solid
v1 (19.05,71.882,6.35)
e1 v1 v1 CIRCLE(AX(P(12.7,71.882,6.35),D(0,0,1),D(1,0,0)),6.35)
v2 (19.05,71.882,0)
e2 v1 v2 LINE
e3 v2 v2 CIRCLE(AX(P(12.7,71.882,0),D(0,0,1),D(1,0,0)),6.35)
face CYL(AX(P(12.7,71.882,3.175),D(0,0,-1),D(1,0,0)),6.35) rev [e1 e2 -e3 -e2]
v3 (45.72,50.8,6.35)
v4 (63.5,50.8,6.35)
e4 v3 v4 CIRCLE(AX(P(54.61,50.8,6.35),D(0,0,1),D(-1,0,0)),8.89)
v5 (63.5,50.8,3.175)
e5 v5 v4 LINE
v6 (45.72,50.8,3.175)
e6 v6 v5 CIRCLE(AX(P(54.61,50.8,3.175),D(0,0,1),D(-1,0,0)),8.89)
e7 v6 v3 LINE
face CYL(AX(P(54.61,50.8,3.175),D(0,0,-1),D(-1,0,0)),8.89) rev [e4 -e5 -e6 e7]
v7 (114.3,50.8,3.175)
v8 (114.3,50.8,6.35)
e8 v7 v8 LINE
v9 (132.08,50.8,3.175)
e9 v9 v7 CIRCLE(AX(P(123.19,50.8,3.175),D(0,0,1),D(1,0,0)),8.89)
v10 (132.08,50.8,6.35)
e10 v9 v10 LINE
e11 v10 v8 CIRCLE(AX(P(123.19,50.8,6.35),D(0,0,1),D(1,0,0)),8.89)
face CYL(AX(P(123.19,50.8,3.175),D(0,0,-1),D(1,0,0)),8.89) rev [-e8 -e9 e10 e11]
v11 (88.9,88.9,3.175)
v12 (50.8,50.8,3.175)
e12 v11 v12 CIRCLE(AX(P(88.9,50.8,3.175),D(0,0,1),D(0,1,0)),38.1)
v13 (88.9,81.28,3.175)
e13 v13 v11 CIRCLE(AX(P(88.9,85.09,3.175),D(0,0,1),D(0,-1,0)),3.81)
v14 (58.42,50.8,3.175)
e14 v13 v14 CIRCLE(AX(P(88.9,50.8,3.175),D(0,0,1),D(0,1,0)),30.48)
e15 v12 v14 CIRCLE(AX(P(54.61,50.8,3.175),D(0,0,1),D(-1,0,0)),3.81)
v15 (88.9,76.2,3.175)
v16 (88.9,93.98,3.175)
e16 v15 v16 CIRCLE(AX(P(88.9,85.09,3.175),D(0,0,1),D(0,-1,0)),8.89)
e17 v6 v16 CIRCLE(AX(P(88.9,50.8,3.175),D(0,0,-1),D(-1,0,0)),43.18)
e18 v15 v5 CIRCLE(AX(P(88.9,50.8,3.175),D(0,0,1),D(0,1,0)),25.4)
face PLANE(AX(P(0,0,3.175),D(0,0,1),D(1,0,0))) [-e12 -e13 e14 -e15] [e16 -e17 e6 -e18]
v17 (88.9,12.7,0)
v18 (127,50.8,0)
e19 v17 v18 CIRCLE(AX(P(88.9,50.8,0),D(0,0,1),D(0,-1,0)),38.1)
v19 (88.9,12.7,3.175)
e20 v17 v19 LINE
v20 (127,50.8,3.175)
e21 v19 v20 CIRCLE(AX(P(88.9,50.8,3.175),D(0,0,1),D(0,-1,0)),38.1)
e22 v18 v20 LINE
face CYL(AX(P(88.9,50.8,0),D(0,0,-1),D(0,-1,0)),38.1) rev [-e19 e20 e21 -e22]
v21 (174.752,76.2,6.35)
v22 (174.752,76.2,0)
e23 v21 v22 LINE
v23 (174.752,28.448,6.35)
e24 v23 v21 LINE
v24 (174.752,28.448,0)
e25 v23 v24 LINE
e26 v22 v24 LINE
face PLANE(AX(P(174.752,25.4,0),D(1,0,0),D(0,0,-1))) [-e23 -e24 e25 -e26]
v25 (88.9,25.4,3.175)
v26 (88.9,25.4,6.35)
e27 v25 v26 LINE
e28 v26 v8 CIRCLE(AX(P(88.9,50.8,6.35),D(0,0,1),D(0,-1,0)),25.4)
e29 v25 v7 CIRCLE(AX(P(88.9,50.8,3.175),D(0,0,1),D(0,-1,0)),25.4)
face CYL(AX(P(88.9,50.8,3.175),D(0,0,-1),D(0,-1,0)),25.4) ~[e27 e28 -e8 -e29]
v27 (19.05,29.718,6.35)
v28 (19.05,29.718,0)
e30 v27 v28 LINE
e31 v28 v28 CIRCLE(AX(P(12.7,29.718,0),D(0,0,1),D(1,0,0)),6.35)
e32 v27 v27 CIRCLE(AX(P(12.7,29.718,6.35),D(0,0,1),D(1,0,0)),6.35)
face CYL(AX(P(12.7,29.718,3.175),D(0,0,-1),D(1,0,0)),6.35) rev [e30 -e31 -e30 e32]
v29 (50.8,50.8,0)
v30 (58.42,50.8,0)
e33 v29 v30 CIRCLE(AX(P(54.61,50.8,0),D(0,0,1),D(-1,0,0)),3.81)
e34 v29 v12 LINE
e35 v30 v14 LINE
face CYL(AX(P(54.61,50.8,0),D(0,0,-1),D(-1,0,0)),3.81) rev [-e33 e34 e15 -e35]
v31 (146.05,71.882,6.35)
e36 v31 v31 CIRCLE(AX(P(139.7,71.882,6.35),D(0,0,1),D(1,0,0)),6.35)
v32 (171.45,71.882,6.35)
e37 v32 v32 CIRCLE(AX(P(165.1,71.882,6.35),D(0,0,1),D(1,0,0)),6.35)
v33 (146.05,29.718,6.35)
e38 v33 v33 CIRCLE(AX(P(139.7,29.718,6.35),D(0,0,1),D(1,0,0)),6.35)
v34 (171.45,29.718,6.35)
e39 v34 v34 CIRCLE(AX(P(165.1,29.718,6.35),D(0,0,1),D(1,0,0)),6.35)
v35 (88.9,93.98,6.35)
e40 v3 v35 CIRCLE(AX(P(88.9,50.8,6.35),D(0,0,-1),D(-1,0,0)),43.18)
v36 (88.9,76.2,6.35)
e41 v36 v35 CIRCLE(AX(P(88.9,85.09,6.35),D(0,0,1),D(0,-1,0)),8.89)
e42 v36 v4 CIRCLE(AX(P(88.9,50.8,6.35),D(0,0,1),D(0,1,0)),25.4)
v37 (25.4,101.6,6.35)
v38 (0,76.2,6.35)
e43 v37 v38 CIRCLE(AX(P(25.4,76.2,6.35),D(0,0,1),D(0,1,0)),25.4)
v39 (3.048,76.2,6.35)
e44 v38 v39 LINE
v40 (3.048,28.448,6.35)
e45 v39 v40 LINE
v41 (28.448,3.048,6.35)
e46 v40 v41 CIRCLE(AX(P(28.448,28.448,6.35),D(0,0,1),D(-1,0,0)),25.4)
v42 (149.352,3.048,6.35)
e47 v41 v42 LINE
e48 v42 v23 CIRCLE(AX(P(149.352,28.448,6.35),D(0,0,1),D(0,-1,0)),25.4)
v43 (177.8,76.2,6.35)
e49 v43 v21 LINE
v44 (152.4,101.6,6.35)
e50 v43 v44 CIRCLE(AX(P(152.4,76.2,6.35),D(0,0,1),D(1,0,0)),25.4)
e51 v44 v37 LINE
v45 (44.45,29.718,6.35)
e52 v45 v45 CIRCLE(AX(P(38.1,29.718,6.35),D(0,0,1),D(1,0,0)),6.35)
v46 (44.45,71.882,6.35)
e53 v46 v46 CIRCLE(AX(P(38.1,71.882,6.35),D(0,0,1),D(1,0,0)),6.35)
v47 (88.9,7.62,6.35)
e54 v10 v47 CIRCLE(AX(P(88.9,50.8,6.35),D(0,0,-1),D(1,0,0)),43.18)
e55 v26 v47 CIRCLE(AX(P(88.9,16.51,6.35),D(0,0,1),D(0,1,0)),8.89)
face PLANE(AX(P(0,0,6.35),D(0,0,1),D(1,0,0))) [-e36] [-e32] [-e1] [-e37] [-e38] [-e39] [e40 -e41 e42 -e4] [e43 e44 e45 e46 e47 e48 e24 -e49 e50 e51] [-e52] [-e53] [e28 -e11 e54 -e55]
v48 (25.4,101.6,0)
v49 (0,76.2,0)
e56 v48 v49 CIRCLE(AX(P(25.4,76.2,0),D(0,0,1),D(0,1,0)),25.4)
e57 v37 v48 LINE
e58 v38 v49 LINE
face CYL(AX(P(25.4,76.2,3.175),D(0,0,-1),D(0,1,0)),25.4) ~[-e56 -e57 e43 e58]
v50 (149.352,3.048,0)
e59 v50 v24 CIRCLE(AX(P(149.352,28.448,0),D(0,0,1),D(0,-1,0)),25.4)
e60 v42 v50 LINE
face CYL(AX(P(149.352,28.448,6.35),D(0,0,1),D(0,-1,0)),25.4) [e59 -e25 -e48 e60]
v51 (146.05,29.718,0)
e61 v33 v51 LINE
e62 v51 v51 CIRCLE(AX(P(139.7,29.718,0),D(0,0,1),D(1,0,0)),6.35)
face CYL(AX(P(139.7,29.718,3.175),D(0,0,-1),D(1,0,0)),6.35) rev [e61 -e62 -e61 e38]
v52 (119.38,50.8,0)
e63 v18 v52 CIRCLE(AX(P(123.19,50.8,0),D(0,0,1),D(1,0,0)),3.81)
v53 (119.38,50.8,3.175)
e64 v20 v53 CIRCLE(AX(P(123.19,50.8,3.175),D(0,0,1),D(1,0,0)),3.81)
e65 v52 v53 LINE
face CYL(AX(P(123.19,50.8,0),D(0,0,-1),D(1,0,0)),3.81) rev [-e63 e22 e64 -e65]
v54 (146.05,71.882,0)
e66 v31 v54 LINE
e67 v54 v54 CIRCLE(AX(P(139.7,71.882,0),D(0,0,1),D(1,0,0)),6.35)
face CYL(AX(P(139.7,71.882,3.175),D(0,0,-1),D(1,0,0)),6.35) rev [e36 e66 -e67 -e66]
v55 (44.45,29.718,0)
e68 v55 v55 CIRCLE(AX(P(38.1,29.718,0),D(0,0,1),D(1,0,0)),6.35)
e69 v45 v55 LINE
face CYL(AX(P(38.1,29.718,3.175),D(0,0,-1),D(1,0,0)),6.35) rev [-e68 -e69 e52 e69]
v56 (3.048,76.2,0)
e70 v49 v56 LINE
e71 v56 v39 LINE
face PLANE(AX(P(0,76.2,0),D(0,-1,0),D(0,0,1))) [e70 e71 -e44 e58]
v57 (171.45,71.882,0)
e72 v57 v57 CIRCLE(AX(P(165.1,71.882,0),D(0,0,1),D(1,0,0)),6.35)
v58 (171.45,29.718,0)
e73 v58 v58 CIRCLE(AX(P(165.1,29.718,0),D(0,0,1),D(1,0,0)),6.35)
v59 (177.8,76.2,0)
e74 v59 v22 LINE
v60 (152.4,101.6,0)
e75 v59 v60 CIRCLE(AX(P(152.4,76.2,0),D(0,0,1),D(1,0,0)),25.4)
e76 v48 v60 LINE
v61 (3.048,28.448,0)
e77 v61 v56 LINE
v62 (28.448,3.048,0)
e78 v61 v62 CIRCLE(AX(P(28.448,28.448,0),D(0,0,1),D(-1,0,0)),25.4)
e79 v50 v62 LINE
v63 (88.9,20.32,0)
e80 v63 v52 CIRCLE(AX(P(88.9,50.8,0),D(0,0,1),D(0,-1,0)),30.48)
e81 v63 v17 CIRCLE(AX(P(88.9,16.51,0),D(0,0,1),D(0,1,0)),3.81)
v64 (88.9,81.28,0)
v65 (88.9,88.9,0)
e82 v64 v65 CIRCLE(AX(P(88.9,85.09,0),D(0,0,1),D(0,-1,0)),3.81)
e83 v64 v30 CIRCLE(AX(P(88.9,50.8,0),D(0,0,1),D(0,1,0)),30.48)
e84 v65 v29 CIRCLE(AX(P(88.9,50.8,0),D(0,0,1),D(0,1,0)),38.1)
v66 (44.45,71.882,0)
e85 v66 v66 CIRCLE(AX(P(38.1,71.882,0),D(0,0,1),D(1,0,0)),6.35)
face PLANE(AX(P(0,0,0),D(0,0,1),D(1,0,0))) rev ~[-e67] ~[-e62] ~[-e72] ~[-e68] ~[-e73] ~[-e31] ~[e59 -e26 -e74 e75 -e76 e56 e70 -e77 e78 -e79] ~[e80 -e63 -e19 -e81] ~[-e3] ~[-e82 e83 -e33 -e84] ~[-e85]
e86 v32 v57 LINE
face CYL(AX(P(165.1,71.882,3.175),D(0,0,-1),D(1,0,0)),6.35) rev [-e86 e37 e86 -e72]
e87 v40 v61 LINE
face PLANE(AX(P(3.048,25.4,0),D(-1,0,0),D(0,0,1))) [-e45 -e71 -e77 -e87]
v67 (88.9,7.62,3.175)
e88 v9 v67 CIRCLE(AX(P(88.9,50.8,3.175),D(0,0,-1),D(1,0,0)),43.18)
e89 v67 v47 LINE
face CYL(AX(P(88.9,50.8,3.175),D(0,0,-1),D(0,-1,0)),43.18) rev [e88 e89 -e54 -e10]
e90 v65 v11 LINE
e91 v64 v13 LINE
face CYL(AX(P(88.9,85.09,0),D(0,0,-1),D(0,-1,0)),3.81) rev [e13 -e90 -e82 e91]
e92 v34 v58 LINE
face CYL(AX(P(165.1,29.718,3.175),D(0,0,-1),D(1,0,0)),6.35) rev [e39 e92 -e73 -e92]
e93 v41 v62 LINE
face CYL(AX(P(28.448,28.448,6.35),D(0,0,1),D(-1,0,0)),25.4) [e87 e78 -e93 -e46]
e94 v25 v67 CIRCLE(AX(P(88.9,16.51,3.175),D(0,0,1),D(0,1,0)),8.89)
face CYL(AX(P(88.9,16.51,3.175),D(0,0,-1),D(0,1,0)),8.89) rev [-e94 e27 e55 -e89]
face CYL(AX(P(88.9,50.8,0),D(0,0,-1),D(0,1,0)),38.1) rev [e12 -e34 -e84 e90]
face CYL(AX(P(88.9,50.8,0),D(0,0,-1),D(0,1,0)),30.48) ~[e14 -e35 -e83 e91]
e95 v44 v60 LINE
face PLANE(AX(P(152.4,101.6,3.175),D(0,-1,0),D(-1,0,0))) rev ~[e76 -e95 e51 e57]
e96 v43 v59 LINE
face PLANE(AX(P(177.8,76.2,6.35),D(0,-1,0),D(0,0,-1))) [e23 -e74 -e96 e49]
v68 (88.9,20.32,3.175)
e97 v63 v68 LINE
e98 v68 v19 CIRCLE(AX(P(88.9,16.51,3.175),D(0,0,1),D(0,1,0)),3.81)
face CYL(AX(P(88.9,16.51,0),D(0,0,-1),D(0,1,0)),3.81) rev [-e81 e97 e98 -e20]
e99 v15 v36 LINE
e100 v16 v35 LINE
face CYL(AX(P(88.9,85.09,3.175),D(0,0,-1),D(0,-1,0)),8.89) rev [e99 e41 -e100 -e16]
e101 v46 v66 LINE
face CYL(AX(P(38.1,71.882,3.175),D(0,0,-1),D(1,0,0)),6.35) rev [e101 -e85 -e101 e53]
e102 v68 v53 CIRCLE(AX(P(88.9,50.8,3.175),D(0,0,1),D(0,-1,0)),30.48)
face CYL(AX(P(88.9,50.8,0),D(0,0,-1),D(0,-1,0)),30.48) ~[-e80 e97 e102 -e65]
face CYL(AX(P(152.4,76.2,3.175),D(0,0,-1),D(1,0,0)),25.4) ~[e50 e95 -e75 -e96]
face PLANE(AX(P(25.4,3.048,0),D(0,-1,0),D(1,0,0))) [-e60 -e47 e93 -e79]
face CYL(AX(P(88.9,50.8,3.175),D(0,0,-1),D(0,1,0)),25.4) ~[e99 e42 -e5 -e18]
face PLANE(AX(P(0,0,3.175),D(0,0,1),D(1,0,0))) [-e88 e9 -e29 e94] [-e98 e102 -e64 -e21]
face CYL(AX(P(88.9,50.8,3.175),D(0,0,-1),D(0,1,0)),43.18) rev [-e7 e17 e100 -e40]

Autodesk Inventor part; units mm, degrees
ref_plane "YZ Plane" through (0, 0, 0) normal (1, 0, 0) x (0, 1, 0)
ref_plane "XZ Plane" through (0, 0, 0) normal (0, 1, 0) x (-1, 0, 0)
ref_plane "XY Plane" through (0, 0, 0) normal (0, 0, 1) x (1, 0, 0)
sketch "Sketch1" plane through (0, 0, 0) normal (0, 0, 1) x (1, 0, 0)
  line L0 (0, 0) -> (177.8, 0)
  line L1 (177.8, 0) -> (177.8, 101.6)
  line L2 (177.8, 101.6) -> (0, 101.6)
  line L3 (0, 101.6) -> (0, 0)
  arc A0 (25.4, 101.6) -> (0, 76.2) centre (25.4, 76.2) ccw
  arc A1 (177.8, 76.2) -> (152.4, 101.6) centre (152.4, 76.2) ccw
  arc A2 (152.4, 0) -> (177.8, 25.4) centre (152.4, 25.4) ccw
  arc A3 (0, 25.4) -> (25.4, 0) centre (25.4, 25.4) ccw
  arc A4 (88.9, 85.09) -> (54.61, 50.8) centre (88.9, 50.8) ccw construction
  arc A5 (88.9, 88.9) -> (50.8, 50.8) centre (88.9, 50.8) ccw
  arc A6 (88.9, 81.28) -> (58.42, 50.8) centre (88.9, 50.8) ccw
  arc A7 (88.9, 81.28) -> (88.9, 88.9) centre (88.9, 85.09) ccw
  arc A8 (50.8, 50.8) -> (58.42, 50.8) centre (54.61, 50.8) ccw
  line L4 (88.9, 50.8) -> (54.61, 50.8) construction
  line L5 (88.9, 50.8) -> (88.9, 85.09) construction
  arc A9 (88.9, 20.32) -> (119.38, 50.8) centre (88.9, 50.8) ccw
  line L6 (88.9, 50.8) -> (123.19, 50.8) construction
  arc A10 (88.9, 16.51) -> (123.19, 50.8) centre (88.9, 50.8) ccw construction
  arc A11 (127, 50.8) -> (119.38, 50.8) centre (123.19, 50.8) ccw
  arc A12 (88.9, 12.7) -> (127, 50.8) centre (88.9, 50.8) ccw
  arc A13 (88.9, 20.32) -> (88.9, 12.7) centre (88.9, 16.51) ccw
  line L7 (0, 50.8) -> (177.8, 50.8)
  line L8 (88.9, 101.6) -> (88.9, 0)
  circle A14 centre (12.7, 71.882) radius 6.35
  circle A15 centre (38.1, 71.882) radius 6.35
  circle A16 centre (12.7, 29.718) radius 6.35
  circle A17 centre (38.1, 29.718) radius 6.35
  circle A18 centre (165.1, 29.718) radius 6.35
  circle A19 centre (139.7, 29.718) radius 6.35
  circle A20 centre (165.1, 71.882) radius 6.35
  circle A21 centre (139.7, 71.882) radius 6.35
  point P0 (0, 0)
  point P1 (0, 0)
  point P2 (-19.4884, -65.4138)
  dimension "d2" = 177.8
  dimension "d3" = 101.6
  dimension "d4" = 50.8
  dimension "d5" = 50.8
  dimension "d6" = 50.8
  dimension "d7" = 50.8
  dimension "d9" = 50.8
  dimension "d10" = 88.9
  dimension "d11" = 34.29
  dimension "d12" = 90
  dimension "d13" = 7.62
  dimension "d14" = 360
  dimension "d15" = 0
  dimension "d16" = 0
  dimension "d17" = 0
  dimension "d19" = 0
  dimension "d20" = 12.7
  dimension "d21" = 12.7
  dimension "d22" = 25.4
  dimension "d24" = 21.082
  dimension "d25" = 12.7
extrude "Extrusion1" add sketch "Sketch1" along normal blind 3.175 contours A3 L3 L7 A8 L8 A13 L0 | L8 A12 L7 L1 A2 L0 | L3 A0 L2 L8 A5 L7 | A11 L7 L8 A7 L2 A1 L1 | L8 L7 A9 | A6 L8 L7
sketch "Sketch2" plane through (0, 0, 3.175) normal (0, 0, 1) x (1, 0, 0)
  line L0 (0, 0) -> (177.8, 0)
  line L1 (177.8, 0) -> (177.8, 101.6)
  line L2 (177.8, 101.6) -> (0, 101.6)
  line L3 (0, 101.6) -> (0, 0)
  circle A0 centre (12.7, 71.882) radius 6.35
  circle A1 centre (12.7, 71.882) radius 6.35 projected
  circle A2 centre (38.1, 71.882) radius 6.35
  circle A3 centre (12.7, 29.718) radius 6.35
  circle A4 centre (38.1, 29.718) radius 6.35
  circle A5 centre (38.1, 71.882) radius 6.35 projected
  circle A6 centre (12.7, 29.718) radius 6.35 projected
  circle A7 centre (38.1, 29.718) radius 6.35 projected
  circle A8 centre (139.7, 71.882) radius 6.35
  circle A9 centre (139.7, 29.718) radius 6.35
  circle A10 centre (165.1, 71.882) radius 6.35
  circle A11 centre (165.1, 29.718) radius 6.35
  circle A12 centre (139.7, 71.882) radius 6.35 projected
  circle A13 centre (165.1, 71.882) radius 6.35 projected
  circle A14 centre (139.7, 29.718) radius 6.35 projected
  circle A15 centre (165.1, 29.718) radius 6.35 projected
  arc A16 (88.9, 85.09) -> (54.61, 50.8) centre (88.9, 50.8) ccw construction
  arc A17 (88.9, 93.98) -> (45.72, 50.8) centre (88.9, 50.8) ccw
  arc A18 (88.9, 76.2) -> (63.5, 50.8) centre (88.9, 50.8) ccw
  arc A19 (88.9, 76.2) -> (88.9, 93.98) centre (88.9, 85.09) ccw
  arc A20 (45.72, 50.8) -> (63.5, 50.8) centre (54.61, 50.8) ccw
  line L4 (88.9, 50.8) -> (54.61, 50.8) construction
  line L5 (88.9, 50.8) -> (88.9, 85.09) construction
  arc A21 (88.9, 25.4) -> (114.3, 50.8) centre (88.9, 50.8) ccw
  line L6 (88.9, 50.8) -> (123.19, 50.8) construction
  arc A22 (88.9, 16.51) -> (123.19, 50.8) centre (88.9, 50.8) ccw construction
  arc A23 (88.9, 7.62) -> (132.08, 50.8) centre (88.9, 50.8) ccw
  arc A24 (132.08, 50.8) -> (114.3, 50.8) centre (123.19, 50.8) ccw
  arc A25 (88.9, 25.4) -> (88.9, 7.62) centre (88.9, 16.51) ccw
  arc A26 (25.4, 101.6) -> (0, 76.2) centre (25.4, 76.2) ccw
  arc A27 (47.9622, 64.5335) -> (49.784, 69.088) centre (25.4, 76.2) ccw
  arc A28 (0, 25.4) -> (25.4, 0) centre (25.4, 25.4) ccw
  line L7 (177.8, 25.4) -> (177.8, 76.2) projected
  arc A29 (152.4, 0) -> (177.8, 25.4) centre (152.4, 25.4) ccw
  arc A30 (129.8378, 37.0665) -> (128.016, 32.512) centre (152.4, 25.4) ccw
  arc A31 (177.8, 76.2) -> (152.4, 101.6) centre (152.4, 76.2) ccw
  arc A32 (177.8, 76.2) -> (152.4, 101.6) centre (152.4, 76.2) ccw projected
  dimension "d28" = 177.8
  dimension "d29" = 101.6
  dimension "d30" = 12.7
  dimension "d31" = 12.7
  dimension "d32" = 12.7
  dimension "d33" = 12.7
  dimension "d34" = 12.7
  dimension "d35" = 12.7
  dimension "d36" = 12.7
  dimension "d37" = 12.7
  dimension "d38" = 34.29
  dimension "d39" = 90
  dimension "d40" = 17.78
  dimension "d41" = 50.8
  dimension "d42" = 88.9
  dimension "d45" = 360
  dimension "d48" = 25.4
  dimension "d49" = 50.8
  dimension "d57" = 50.8
extrude "Extrusion2" add sketch "Sketch2" along normal blind 3.175 contours A28 L3 A26 L2 A31 L1 A29 L0
sketch "Sketch3" plane through (177.8, 25.4, 0) normal (1, 0, 0) x (0, 0, -1)
  line L0 (-6.35, 50.8) -> (-6.35, 68.58) projected
  line L1 (-6.35, 50.8) -> (0, 50.8)
  line L2 (0, 50.8) -> (0, -25.4)
  line L3 (0, -25.4) -> (-6.35, -25.4)
  line L4 (-6.35, -25.4) -> (-6.35, 50.8)
sketch "Sketch4" plane through (0, 25.4, 0) normal (-1, 0, 0) x (0, 0, 1)
  line L0 (0, 50.8) -> (6.35, 50.8) projected
  line L1 (0, -25.4) -> (6.35, -25.4) projected
  line L2 (0, 50.8) -> (6.35, 50.8)
  line L3 (6.35, 50.8) -> (6.35, -25.4)
  line L4 (6.35, -25.4) -> (0, -25.4)
  line L5 (0, -25.4) -> (0, 50.8)
extrude "Extrusion3" cut sketch "Sketch4" against normal blind 3.048
extrude "Extrusion4" cut sketch "Sketch3" against normal blind 3.048
sketch "Sketch5" plane through (25.4, 0, 0) normal (0, -1, 0) x (1, 0, 0)
  line L0 (-22.352, 6.35) -> (-22.352, 0) projected
  line L1 (149.352, 6.35) -> (149.352, 0) projected
  line L2 (-22.352, 6.35) -> (149.352, 6.35)
  line L3 (149.352, 6.35) -> (149.352, 0)
  line L4 (149.352, 0) -> (-22.352, 0)
  line L5 (-22.352, 0) -> (-22.352, 6.35)
  point P0 (-25.4, 0)
extrude "Extrusion5" cut sketch "Sketch5" against normal blind 3.048
sketch "Sketch6" plane through (0, 0, 6.35) normal (0, 0, 1) x (1, 0, 0)
  arc A0 (3.048, 28.448) -> (28.448, 3.048) centre (28.448, 28.448) ccw
  arc A1 (149.352, 3.048) -> (174.752, 28.448) centre (149.352, 28.448) ccw
  line L0 (3.048, 76.2) -> (3.048, 13.3357) projected
  line L1 (13.3357, 3.048) -> (164.4643, 3.048) projected
  line L2 (174.752, 13.3357) -> (174.752, 76.2) projected
  line L3 (164.4643, 3.048) -> (13.3357, 3.048) projected
  line L4 (3.048, 28.448) -> (3.048, 3.048)
  line L5 (3.048, 3.048) -> (28.448, 3.048)
  line L6 (174.752, 28.448) -> (174.752, 3.048)
  line L7 (174.752, 3.048) -> (149.352, 3.048)
  point P0 (0, 0)
  point P1 (3.048, 13.3357)
  dimension "d66" = 50.8
  dimension "d67" = 50.8
extrude "Extrusion6" cut sketch "Sketch6" against normal through all
properties part number "Back_plate"
